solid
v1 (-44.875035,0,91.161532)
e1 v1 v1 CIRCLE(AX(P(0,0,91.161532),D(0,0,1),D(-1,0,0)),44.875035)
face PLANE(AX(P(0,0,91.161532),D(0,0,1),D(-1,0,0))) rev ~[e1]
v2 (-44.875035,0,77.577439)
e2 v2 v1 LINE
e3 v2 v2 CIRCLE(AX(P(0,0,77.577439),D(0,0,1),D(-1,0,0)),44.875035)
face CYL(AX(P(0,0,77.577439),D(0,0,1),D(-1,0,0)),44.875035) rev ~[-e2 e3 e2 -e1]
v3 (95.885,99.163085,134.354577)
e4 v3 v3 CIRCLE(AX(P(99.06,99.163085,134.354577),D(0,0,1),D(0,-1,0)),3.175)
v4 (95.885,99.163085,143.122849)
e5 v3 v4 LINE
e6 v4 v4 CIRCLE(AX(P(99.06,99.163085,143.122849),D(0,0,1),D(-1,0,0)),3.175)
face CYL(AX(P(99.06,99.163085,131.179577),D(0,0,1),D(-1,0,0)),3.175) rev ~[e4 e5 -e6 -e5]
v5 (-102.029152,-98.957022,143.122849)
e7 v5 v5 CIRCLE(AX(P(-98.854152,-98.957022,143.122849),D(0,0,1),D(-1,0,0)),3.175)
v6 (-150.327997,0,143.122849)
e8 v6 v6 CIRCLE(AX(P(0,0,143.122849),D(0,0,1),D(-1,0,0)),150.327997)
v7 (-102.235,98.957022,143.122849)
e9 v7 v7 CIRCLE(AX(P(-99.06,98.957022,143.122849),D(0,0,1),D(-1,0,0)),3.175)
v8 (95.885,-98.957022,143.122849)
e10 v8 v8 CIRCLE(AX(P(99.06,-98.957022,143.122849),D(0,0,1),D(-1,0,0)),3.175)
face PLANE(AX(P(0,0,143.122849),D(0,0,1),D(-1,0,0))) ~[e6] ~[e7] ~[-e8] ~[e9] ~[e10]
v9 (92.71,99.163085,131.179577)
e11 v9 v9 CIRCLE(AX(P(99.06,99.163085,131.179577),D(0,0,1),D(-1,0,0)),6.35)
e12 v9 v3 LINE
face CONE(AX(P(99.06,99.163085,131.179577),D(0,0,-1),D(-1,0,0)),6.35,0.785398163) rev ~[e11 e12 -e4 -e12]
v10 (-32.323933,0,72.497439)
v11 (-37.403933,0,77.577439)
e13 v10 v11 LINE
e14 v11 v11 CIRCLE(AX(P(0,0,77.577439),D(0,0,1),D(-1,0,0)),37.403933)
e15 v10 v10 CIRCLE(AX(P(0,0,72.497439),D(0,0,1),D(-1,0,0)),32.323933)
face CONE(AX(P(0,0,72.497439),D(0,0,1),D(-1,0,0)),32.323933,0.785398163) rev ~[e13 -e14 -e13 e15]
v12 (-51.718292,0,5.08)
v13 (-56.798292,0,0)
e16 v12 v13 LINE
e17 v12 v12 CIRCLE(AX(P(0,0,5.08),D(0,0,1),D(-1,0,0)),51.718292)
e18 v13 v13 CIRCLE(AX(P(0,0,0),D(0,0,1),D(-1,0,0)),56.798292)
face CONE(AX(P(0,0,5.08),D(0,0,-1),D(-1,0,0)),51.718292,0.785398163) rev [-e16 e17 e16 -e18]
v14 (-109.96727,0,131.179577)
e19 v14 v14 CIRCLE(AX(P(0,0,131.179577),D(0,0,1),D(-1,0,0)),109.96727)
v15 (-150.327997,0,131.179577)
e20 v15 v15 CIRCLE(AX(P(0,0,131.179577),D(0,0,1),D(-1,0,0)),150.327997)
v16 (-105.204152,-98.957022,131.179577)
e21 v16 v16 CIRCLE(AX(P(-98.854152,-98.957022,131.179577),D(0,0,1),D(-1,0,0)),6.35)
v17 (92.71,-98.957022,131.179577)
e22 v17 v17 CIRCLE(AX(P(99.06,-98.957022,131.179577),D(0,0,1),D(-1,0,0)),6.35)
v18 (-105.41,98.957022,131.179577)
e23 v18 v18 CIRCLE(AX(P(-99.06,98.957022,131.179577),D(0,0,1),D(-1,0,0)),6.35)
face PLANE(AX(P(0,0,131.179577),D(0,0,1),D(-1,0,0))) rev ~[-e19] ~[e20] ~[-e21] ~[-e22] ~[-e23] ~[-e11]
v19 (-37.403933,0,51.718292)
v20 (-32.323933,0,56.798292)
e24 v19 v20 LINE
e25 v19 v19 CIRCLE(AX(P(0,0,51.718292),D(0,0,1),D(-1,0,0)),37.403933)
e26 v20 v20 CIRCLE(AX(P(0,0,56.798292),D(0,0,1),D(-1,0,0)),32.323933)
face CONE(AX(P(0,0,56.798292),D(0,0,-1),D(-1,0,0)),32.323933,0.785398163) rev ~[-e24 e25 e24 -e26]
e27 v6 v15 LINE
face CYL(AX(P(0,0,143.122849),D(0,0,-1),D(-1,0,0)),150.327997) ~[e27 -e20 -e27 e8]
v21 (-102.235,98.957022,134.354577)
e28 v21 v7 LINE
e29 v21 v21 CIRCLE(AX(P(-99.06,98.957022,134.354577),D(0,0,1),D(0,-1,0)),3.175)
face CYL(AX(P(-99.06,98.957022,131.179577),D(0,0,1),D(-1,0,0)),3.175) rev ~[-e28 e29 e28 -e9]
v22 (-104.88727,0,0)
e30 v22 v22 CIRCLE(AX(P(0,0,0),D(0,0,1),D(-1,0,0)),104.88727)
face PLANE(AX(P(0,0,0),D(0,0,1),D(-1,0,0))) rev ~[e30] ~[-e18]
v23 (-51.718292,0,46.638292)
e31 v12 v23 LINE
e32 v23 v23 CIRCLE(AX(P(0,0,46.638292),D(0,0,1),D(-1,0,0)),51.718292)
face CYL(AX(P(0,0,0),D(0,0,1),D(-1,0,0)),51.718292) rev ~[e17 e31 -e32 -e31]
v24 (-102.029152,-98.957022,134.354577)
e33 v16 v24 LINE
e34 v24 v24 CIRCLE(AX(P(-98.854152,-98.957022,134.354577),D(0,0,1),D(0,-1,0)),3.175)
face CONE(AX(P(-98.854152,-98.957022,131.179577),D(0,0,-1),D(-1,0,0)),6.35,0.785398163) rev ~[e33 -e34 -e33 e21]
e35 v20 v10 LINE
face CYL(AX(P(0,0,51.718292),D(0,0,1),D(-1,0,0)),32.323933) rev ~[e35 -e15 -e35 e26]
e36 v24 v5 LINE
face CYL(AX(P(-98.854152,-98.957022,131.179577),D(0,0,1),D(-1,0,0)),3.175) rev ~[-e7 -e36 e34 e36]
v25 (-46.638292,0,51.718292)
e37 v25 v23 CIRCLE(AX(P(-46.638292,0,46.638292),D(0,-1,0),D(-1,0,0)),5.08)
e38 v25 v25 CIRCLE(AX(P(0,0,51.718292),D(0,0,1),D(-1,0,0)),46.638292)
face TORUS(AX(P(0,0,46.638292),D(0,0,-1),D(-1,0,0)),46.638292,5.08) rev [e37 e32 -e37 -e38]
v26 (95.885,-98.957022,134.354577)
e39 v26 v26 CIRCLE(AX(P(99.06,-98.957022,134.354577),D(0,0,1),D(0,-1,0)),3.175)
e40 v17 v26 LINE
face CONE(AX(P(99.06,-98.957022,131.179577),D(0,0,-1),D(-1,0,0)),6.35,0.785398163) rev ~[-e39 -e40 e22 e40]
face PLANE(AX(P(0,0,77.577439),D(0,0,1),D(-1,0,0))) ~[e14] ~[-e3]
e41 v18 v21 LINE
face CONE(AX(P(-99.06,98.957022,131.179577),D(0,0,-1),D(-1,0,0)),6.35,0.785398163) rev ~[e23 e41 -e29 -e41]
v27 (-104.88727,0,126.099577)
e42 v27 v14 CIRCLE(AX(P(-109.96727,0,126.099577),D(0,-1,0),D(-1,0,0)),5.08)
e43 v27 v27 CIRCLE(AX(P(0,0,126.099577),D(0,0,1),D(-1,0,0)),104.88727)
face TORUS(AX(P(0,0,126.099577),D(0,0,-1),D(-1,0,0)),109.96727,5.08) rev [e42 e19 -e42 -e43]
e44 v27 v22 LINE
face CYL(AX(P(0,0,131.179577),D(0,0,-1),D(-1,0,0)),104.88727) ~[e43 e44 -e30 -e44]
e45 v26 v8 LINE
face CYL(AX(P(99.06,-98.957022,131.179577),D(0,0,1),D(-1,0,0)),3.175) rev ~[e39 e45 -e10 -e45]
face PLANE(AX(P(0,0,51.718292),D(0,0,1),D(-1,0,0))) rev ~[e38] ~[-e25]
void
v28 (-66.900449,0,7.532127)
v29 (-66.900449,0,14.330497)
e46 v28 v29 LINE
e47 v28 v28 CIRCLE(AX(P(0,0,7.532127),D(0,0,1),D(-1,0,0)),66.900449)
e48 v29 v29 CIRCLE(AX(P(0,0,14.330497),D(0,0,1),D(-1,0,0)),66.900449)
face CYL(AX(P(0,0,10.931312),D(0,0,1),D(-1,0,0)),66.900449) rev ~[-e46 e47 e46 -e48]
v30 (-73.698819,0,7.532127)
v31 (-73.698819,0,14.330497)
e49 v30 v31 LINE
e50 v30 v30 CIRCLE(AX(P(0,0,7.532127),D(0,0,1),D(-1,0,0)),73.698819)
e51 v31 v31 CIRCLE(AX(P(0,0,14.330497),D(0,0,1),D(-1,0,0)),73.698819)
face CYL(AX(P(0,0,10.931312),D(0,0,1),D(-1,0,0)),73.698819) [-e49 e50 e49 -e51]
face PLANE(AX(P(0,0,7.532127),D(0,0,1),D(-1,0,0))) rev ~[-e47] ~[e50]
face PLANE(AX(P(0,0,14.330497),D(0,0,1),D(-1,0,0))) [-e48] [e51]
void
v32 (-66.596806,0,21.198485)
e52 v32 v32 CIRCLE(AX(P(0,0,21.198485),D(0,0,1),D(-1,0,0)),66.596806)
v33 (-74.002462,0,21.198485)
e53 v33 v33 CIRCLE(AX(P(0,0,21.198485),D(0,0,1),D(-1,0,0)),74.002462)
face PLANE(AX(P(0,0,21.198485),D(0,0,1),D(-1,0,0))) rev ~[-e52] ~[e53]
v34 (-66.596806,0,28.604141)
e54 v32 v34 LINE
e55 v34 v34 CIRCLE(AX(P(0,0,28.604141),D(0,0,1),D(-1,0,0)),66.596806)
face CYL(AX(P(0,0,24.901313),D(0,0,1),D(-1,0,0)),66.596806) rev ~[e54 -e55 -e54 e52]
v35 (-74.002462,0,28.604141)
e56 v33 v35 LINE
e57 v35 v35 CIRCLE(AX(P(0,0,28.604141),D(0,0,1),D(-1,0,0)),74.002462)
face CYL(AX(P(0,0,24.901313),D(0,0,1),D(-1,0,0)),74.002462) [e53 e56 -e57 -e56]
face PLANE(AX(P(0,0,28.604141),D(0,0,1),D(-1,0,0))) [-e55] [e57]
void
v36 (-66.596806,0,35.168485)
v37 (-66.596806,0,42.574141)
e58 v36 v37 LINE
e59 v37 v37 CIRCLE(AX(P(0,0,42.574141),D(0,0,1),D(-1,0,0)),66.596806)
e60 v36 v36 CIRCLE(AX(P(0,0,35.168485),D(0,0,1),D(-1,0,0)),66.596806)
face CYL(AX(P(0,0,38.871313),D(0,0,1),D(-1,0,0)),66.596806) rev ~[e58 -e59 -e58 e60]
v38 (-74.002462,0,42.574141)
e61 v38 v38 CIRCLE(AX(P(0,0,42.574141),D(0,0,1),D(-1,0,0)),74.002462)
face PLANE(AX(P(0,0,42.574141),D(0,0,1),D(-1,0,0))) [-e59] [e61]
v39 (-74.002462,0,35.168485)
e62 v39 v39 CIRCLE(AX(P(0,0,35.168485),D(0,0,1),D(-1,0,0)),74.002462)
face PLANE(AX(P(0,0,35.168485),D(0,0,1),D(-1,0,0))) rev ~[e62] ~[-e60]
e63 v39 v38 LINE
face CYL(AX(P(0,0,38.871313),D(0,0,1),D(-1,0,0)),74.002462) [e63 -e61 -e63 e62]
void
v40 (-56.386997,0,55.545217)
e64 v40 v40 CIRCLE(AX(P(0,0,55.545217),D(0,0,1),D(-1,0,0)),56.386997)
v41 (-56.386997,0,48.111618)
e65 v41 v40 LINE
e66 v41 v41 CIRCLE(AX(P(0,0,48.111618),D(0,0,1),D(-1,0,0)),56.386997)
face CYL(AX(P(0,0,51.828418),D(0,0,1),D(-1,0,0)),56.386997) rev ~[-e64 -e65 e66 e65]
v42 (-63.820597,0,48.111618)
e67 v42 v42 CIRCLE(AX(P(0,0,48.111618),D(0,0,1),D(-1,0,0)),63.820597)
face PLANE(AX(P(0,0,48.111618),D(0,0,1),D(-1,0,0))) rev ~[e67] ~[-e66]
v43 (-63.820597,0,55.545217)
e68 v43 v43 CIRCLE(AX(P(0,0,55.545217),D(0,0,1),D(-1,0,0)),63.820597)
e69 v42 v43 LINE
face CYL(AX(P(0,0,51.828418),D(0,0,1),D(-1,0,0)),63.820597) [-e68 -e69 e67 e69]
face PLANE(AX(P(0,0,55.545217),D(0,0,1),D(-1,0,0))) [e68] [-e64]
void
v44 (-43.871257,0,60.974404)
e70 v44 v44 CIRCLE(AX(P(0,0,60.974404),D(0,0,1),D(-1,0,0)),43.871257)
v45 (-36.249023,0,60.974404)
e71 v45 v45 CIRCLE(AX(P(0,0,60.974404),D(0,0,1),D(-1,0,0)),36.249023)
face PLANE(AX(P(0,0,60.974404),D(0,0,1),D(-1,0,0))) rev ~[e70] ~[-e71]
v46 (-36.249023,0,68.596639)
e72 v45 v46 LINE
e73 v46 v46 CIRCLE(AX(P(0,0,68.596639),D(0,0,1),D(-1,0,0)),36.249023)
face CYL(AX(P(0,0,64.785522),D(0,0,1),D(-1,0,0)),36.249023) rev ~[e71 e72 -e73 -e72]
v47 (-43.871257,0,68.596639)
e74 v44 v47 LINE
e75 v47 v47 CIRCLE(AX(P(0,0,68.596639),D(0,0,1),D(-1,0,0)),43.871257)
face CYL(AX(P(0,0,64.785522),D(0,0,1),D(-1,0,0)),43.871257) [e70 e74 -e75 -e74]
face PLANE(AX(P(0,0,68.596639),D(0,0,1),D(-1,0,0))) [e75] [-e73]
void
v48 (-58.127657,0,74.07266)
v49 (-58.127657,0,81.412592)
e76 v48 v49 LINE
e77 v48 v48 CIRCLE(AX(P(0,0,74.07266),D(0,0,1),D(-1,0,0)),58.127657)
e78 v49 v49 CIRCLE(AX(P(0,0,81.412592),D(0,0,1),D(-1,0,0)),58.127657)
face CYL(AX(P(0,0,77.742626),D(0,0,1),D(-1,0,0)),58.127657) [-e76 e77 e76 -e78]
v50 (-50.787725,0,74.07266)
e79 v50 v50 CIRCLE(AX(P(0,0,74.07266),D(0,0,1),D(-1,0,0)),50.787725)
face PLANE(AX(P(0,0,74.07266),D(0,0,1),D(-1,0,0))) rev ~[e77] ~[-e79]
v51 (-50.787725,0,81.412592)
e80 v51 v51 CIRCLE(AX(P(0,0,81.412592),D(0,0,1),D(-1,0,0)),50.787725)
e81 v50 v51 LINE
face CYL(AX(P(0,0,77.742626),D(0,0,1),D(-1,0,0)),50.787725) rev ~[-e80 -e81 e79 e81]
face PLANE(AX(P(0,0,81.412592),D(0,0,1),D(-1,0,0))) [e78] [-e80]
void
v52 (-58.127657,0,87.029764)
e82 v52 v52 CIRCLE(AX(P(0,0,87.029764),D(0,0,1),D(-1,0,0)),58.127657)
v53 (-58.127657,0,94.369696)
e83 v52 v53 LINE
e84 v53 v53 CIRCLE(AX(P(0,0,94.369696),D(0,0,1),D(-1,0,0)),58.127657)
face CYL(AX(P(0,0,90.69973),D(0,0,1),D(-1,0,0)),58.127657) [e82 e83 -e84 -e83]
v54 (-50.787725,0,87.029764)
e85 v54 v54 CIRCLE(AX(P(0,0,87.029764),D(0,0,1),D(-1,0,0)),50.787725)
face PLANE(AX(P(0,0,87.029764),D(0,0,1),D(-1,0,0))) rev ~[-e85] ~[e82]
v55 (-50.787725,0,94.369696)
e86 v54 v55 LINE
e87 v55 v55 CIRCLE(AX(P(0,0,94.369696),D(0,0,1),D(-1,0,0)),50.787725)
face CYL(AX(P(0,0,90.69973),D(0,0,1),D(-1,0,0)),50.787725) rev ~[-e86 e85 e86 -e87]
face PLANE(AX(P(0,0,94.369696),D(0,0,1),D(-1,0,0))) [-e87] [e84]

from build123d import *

# Parameters (mm, degrees)
F0_W           = 6.798369
F0_H           = 6.798369
F0_W_2         = 7.405656
F0_H_2         = 7.405656
F0_W_3         = 7.433599
F0_H_3         = 7.433599
F0_W_4         = 7.622234
F0_H_4         = 7.622235
F0_W_5         = 7.339932
F0_H_5         = 7.339932
F2_SIZE        = 5.08
F3_SIZE        = 5.08
F4_R           = 5.08
F7_D           = 6.35
F7_CSINK_D     = 12.7
F7_CSINK_ANGLE = 90
F8_R           = 5.08


with BuildPart() as f1:
    # F0 (on Front) → F1 (revolve)
    with BuildSketch(Plane.XZ):
        Polygon((-65.516091, 0), (-51.718292, 0), (-51.718292, 51.718292), (-32.323933, 51.718292), (-32.323933, 77.577439), (-44.875035, 77.577439), (-44.875035, 91.161532), (0, 91.161532), (0, 131.179577), (0, 143.122849), (-150.327997, 143.122849), (-150.327997, 131.179577), (-104.88727, 131.179577), (-104.88727, 0), align=None)
        with Locations((-70.299634, 10.931312)):
            Rectangle(F0_W, F0_H, mode=Mode.SUBTRACT)
        with Locations((-70.299634, 24.901313)):
            Rectangle(F0_W_2, F0_H_2, mode=Mode.SUBTRACT)
        with Locations((-70.299634, 38.871313)):
            Rectangle(F0_W_2, F0_H_2, mode=Mode.SUBTRACT)
        with Locations((-60.103797, 51.828418)):
            Rectangle(F0_W_3, F0_H_3, mode=Mode.SUBTRACT)
        with Locations((-40.06014, 64.785522)):
            Rectangle(F0_W_4, F0_H_4, mode=Mode.SUBTRACT)
        with Locations((-54.457691, 77.742626)):
            Rectangle(F0_W_5, F0_H_5, mode=Mode.SUBTRACT)
        with Locations((-54.457691, 90.69973)):
            Rectangle(F0_W_5, F0_H_5, mode=Mode.SUBTRACT)
    revolve(axis=Axis((0, 0, 81.092189), (0, 0, 1)))

    # F2
    f2_edges = [f1.edges().sort_by_distance(p)[0] for p in [
        (51.718292, 0, 0),
    ]]
    chamfer(f2_edges, length=F2_SIZE)

    # F3
    f3_edges = [f1.edges().sort_by_distance(p)[0] for p in [
        (32.323933, 0, 51.718292),
        (32.323933, 0, 77.577439),
    ]]
    chamfer(f3_edges, length=F3_SIZE)

    # F4
    f4_edges = [f1.edges().sort_by_distance(p)[0] for p in [
        (51.718292, 0, 51.718292),
    ]]
    fillet(f4_edges, radius=F4_R)

    # F7 (through all)
    with Locations(Plane(origin=(0, 0, 131.179577), x_dir=(1, 0, 0), z_dir=(0, 0, -1))):
        with Locations((-98.854152, 98.957022), (99.06, 98.957022), (99.06, -99.163085), (-99.06, -98.957022)):
            CounterSinkHole(F7_D / 2, F7_CSINK_D / 2, counter_sink_angle=F7_CSINK_ANGLE)

    # F8
    f8_edges = [f1.edges().sort_by_distance(p)[0] for p in [
        (104.88727, 0, 131.179577),
    ]]
    fillet(f8_edges, radius=F8_R)


solid = f1.part
